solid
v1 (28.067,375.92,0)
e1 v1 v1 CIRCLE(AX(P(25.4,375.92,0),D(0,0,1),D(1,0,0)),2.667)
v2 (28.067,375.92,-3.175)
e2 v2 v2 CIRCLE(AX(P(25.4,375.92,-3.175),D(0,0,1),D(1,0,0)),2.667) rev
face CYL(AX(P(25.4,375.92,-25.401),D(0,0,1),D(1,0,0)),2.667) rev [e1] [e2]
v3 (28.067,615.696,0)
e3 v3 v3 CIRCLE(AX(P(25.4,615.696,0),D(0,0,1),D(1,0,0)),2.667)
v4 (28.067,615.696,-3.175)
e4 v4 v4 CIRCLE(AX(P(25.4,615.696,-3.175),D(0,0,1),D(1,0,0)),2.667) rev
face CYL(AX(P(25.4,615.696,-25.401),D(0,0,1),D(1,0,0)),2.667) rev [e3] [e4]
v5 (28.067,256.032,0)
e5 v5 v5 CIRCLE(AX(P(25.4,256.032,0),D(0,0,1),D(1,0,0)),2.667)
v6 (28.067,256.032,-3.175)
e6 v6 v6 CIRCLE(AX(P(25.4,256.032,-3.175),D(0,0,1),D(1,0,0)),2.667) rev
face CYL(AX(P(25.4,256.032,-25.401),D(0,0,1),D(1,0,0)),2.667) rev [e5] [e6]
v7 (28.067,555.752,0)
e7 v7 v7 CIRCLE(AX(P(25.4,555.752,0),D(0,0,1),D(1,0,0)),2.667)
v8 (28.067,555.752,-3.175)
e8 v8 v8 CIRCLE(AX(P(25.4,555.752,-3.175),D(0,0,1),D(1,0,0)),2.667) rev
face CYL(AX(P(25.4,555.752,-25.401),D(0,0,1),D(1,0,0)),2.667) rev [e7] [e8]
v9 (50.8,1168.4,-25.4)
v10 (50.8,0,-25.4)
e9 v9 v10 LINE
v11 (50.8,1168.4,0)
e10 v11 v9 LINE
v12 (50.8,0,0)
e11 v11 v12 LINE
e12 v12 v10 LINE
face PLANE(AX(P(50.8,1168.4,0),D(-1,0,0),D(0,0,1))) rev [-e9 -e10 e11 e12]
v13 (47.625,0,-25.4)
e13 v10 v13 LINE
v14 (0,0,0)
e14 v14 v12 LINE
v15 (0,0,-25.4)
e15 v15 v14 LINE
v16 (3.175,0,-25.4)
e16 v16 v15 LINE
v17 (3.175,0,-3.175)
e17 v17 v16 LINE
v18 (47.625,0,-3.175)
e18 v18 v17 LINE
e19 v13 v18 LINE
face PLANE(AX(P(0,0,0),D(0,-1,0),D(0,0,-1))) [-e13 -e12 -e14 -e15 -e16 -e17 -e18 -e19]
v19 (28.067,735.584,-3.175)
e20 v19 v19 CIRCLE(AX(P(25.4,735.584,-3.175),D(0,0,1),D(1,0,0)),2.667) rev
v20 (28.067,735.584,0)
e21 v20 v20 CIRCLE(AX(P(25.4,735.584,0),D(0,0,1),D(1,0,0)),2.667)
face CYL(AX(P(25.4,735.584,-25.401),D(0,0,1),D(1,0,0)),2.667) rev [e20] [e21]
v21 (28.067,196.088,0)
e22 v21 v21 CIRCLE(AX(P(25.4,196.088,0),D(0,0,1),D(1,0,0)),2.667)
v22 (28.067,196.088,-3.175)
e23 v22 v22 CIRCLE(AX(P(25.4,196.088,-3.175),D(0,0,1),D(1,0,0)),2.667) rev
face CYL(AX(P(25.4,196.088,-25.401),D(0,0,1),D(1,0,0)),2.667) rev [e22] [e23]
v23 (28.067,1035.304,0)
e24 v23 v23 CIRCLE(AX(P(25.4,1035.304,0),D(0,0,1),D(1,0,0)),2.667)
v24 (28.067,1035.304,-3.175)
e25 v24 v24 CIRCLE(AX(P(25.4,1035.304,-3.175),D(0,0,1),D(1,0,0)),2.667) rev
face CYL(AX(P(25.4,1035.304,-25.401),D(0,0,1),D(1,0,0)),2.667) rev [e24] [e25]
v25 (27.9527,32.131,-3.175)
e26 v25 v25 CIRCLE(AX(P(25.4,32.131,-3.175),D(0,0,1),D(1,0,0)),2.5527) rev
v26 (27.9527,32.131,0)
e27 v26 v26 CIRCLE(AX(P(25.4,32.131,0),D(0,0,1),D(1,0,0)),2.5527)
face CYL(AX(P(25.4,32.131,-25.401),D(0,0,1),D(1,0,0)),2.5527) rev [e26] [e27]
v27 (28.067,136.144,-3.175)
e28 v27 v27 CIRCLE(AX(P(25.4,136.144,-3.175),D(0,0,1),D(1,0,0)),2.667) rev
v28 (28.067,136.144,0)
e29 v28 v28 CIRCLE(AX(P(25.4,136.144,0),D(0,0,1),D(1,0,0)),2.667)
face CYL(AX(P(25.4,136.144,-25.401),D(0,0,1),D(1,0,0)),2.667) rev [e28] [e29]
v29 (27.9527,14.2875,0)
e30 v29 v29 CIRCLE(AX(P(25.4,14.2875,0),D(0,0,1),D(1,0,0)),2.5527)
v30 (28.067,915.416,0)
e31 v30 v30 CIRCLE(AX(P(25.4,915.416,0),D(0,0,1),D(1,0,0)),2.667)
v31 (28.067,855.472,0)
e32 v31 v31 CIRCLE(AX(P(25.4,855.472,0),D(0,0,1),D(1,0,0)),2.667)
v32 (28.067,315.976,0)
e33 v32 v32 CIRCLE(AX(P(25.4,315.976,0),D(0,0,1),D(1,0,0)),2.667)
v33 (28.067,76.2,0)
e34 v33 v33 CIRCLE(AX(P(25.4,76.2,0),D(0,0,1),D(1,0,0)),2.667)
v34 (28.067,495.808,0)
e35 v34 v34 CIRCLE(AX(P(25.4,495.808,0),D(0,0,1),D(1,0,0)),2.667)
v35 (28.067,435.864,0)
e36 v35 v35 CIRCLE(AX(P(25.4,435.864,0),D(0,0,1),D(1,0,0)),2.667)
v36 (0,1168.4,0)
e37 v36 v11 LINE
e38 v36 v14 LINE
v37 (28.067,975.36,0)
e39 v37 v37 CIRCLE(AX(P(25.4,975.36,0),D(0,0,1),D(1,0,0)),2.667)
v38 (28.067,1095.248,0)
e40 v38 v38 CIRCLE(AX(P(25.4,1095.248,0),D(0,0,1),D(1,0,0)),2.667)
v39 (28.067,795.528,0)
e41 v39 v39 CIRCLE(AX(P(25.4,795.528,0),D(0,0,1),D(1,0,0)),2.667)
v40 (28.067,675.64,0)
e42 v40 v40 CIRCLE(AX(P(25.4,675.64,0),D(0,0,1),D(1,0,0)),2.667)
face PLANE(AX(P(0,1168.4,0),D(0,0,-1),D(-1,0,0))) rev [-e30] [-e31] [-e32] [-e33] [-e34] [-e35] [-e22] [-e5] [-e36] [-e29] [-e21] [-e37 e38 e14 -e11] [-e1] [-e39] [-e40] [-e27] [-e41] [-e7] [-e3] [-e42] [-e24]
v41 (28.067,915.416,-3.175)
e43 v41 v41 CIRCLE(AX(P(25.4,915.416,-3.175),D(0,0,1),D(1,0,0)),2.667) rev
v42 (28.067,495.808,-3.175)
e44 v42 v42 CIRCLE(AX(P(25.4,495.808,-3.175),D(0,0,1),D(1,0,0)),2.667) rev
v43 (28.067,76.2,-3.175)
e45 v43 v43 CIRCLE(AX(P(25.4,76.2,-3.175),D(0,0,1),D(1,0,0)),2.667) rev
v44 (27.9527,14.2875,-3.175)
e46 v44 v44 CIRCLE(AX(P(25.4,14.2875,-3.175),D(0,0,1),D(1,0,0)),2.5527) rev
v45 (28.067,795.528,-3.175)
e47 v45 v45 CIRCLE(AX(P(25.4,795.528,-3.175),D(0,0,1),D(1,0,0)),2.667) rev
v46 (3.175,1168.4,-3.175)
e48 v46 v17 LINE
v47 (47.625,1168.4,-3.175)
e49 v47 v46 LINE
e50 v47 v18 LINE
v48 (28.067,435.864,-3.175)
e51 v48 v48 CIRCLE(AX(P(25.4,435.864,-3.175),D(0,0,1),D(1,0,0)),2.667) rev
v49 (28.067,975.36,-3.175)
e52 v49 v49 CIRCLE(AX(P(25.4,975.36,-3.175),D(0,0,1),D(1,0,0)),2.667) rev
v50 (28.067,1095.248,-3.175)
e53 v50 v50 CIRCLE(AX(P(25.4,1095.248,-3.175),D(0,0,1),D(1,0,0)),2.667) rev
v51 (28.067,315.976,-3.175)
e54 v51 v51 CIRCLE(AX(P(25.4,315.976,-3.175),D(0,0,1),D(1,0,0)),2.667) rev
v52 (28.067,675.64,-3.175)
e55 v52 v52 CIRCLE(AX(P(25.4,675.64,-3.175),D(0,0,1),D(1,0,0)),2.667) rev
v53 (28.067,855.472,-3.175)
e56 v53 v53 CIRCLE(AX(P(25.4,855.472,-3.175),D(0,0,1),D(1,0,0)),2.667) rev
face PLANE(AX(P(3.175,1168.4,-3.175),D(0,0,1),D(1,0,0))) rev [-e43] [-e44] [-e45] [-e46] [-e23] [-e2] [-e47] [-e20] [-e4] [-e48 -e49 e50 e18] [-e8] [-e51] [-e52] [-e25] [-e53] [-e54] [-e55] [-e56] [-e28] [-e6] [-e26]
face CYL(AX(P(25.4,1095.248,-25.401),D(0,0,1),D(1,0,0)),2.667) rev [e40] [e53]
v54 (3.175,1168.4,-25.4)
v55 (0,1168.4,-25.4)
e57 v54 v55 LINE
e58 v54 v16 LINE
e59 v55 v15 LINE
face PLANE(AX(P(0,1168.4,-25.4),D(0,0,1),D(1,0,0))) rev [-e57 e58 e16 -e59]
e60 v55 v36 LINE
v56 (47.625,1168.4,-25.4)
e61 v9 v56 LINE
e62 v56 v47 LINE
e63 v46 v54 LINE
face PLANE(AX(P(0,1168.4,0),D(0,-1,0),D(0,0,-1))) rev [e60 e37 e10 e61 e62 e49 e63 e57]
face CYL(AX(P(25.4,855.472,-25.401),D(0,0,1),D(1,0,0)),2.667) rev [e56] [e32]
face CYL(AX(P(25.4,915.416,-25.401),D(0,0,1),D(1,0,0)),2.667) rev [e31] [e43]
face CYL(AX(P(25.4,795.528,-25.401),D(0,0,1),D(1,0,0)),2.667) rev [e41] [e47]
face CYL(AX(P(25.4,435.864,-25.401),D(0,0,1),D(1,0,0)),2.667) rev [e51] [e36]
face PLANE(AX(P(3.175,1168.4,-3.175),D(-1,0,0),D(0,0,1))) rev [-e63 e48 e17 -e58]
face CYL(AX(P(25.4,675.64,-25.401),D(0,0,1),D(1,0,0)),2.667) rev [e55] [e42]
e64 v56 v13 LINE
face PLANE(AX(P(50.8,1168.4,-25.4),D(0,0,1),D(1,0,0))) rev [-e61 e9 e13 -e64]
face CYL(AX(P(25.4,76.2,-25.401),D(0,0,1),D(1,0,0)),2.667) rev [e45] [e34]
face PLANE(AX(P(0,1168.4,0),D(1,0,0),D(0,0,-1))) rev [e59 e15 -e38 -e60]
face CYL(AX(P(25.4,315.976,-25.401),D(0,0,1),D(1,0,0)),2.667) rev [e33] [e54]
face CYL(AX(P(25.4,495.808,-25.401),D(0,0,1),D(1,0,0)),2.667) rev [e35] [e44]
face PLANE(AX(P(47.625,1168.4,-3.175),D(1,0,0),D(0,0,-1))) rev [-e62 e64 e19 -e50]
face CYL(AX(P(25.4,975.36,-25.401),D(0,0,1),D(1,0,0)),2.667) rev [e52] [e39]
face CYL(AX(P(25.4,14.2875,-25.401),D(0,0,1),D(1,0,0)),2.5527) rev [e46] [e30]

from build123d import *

# Parameters (mm, degrees)
BOSS_EXTRUDE1_DEPTH = 1168.4
CUT_EXTRUDE1_REACH  = 27.4
SKETCH2_R           = 2.667
CUT_EXTRUDE2_REACH  = 27.4
SKETCH3_R           = 2.5527


with BuildPart() as part:
    # Sketch1 → Boss-Extrude1 (new body)
    with BuildSketch(Plane(origin=(0, 0, 0), x_dir=(1, 0, 0), z_dir=(0, 1, 0))):
        Polygon((3.175, 3.175), (3.175, 25.4), (0, 25.4), (0, 0), (50.8, 0), (50.8, 25.4), (47.625, 25.4), (47.625, 3.175), align=None)
    extrude(amount=BOSS_EXTRUDE1_DEPTH)

    # Sketch2 → Cut-Extrude1 (cut, up to next)
    with BuildSketch(Plane.XY, mode=Mode.PRIVATE) as cut_extrude1_sk1:
        with Locations((25.4, 76.2)):
            Circle(SKETCH2_R)
    cut_extrude1_tool1 = extrude(cut_extrude1_sk1.sketch, amount=-CUT_EXTRUDE1_REACH, mode=Mode.PRIVATE) & part.part
    add(cut_extrude1_tool1.solids().sort_by_distance((25.4, 76.2, 0))[0], mode=Mode.SUBTRACT)
    # Sketch2 → Cut-Extrude1 (cut, up to next)
    with BuildSketch(Plane.XY, mode=Mode.PRIVATE) as cut_extrude1_sk2:
        with Locations((25.4, 136.144)):
            Circle(SKETCH2_R)
    cut_extrude1_tool2 = extrude(cut_extrude1_sk2.sketch, amount=-CUT_EXTRUDE1_REACH, mode=Mode.PRIVATE) & part.part
    add(cut_extrude1_tool2.solids().sort_by_distance((25.4, 136.144, 0))[0], mode=Mode.SUBTRACT)
    # Sketch2 → Cut-Extrude1 (cut, up to next)
    with BuildSketch(Plane.XY, mode=Mode.PRIVATE) as cut_extrude1_sk3:
        with Locations((25.4, 196.088)):
            Circle(SKETCH2_R)
    cut_extrude1_tool3 = extrude(cut_extrude1_sk3.sketch, amount=-CUT_EXTRUDE1_REACH, mode=Mode.PRIVATE) & part.part
    add(cut_extrude1_tool3.solids().sort_by_distance((25.4, 196.088, 0))[0], mode=Mode.SUBTRACT)
    # Sketch2 → Cut-Extrude1 (cut, up to next)
    with BuildSketch(Plane.XY, mode=Mode.PRIVATE) as cut_extrude1_sk4:
        with Locations((25.4, 256.032)):
            Circle(SKETCH2_R)
    cut_extrude1_tool4 = extrude(cut_extrude1_sk4.sketch, amount=-CUT_EXTRUDE1_REACH, mode=Mode.PRIVATE) & part.part
    add(cut_extrude1_tool4.solids().sort_by_distance((25.4, 256.032, 0))[0], mode=Mode.SUBTRACT)
    # Sketch2 → Cut-Extrude1 (cut, up to next)
    with BuildSketch(Plane.XY, mode=Mode.PRIVATE) as cut_extrude1_sk5:
        with Locations((25.4, 315.976)):
            Circle(SKETCH2_R)
    cut_extrude1_tool5 = extrude(cut_extrude1_sk5.sketch, amount=-CUT_EXTRUDE1_REACH, mode=Mode.PRIVATE) & part.part
    add(cut_extrude1_tool5.solids().sort_by_distance((25.4, 315.976, 0))[0], mode=Mode.SUBTRACT)
    # Sketch2 → Cut-Extrude1 (cut, up to next)
    with BuildSketch(Plane.XY, mode=Mode.PRIVATE) as cut_extrude1_sk6:
        with Locations((25.4, 375.92)):
            Circle(SKETCH2_R)
    cut_extrude1_tool6 = extrude(cut_extrude1_sk6.sketch, amount=-CUT_EXTRUDE1_REACH, mode=Mode.PRIVATE) & part.part
    add(cut_extrude1_tool6.solids().sort_by_distance((25.4, 375.92, 0))[0], mode=Mode.SUBTRACT)
    # Sketch2 → Cut-Extrude1 (cut, up to next)
    with BuildSketch(Plane.XY, mode=Mode.PRIVATE) as cut_extrude1_sk7:
        with Locations((25.4, 435.864)):
            Circle(SKETCH2_R)
    cut_extrude1_tool7 = extrude(cut_extrude1_sk7.sketch, amount=-CUT_EXTRUDE1_REACH, mode=Mode.PRIVATE) & part.part
    add(cut_extrude1_tool7.solids().sort_by_distance((25.4, 435.864, 0))[0], mode=Mode.SUBTRACT)
    # Sketch2 → Cut-Extrude1 (cut, up to next)
    with BuildSketch(Plane.XY, mode=Mode.PRIVATE) as cut_extrude1_sk8:
        with Locations((25.4, 495.808)):
            Circle(SKETCH2_R)
    cut_extrude1_tool8 = extrude(cut_extrude1_sk8.sketch, amount=-CUT_EXTRUDE1_REACH, mode=Mode.PRIVATE) & part.part
    add(cut_extrude1_tool8.solids().sort_by_distance((25.4, 495.808, 0))[0], mode=Mode.SUBTRACT)
    # Sketch2 → Cut-Extrude1 (cut, up to next)
    with BuildSketch(Plane.XY, mode=Mode.PRIVATE) as cut_extrude1_sk9:
        with Locations((25.4, 555.752)):
            Circle(SKETCH2_R)
    cut_extrude1_tool9 = extrude(cut_extrude1_sk9.sketch, amount=-CUT_EXTRUDE1_REACH, mode=Mode.PRIVATE) & part.part
    add(cut_extrude1_tool9.solids().sort_by_distance((25.4, 555.752, 0))[0], mode=Mode.SUBTRACT)
    # Sketch2 → Cut-Extrude1 (cut, up to next)
    with BuildSketch(Plane.XY, mode=Mode.PRIVATE) as cut_extrude1_sk10:
        with Locations((25.4, 615.696)):
            Circle(SKETCH2_R)
    cut_extrude1_tool10 = extrude(cut_extrude1_sk10.sketch, amount=-CUT_EXTRUDE1_REACH, mode=Mode.PRIVATE) & part.part
    add(cut_extrude1_tool10.solids().sort_by_distance((25.4, 615.696, 0))[0], mode=Mode.SUBTRACT)
    # Sketch2 → Cut-Extrude1 (cut, up to next)
    with BuildSketch(Plane.XY, mode=Mode.PRIVATE) as cut_extrude1_sk11:
        with Locations((25.4, 675.64)):
            Circle(SKETCH2_R)
    cut_extrude1_tool11 = extrude(cut_extrude1_sk11.sketch, amount=-CUT_EXTRUDE1_REACH, mode=Mode.PRIVATE) & part.part
    add(cut_extrude1_tool11.solids().sort_by_distance((25.4, 675.64, 0))[0], mode=Mode.SUBTRACT)
    # Sketch2 → Cut-Extrude1 (cut, up to next)
    with BuildSketch(Plane.XY, mode=Mode.PRIVATE) as cut_extrude1_sk12:
        with Locations((25.4, 735.584)):
            Circle(SKETCH2_R)
    cut_extrude1_tool12 = extrude(cut_extrude1_sk12.sketch, amount=-CUT_EXTRUDE1_REACH, mode=Mode.PRIVATE) & part.part
    add(cut_extrude1_tool12.solids().sort_by_distance((25.4, 735.584, 0))[0], mode=Mode.SUBTRACT)
    # Sketch2 → Cut-Extrude1 (cut, up to next)
    with BuildSketch(Plane.XY, mode=Mode.PRIVATE) as cut_extrude1_sk13:
        with Locations((25.4, 795.528)):
            Circle(SKETCH2_R)
    cut_extrude1_tool13 = extrude(cut_extrude1_sk13.sketch, amount=-CUT_EXTRUDE1_REACH, mode=Mode.PRIVATE) & part.part
    add(cut_extrude1_tool13.solids().sort_by_distance((25.4, 795.528, 0))[0], mode=Mode.SUBTRACT)
    # Sketch2 → Cut-Extrude1 (cut, up to next)
    with BuildSketch(Plane.XY, mode=Mode.PRIVATE) as cut_extrude1_sk14:
        with Locations((25.4, 855.472)):
            Circle(SKETCH2_R)
    cut_extrude1_tool14 = extrude(cut_extrude1_sk14.sketch, amount=-CUT_EXTRUDE1_REACH, mode=Mode.PRIVATE) & part.part
    add(cut_extrude1_tool14.solids().sort_by_distance((25.4, 855.472, 0))[0], mode=Mode.SUBTRACT)
    # Sketch2 → Cut-Extrude1 (cut, up to next)
    with BuildSketch(Plane.XY, mode=Mode.PRIVATE) as cut_extrude1_sk15:
        with Locations((25.4, 915.416)):
            Circle(SKETCH2_R)
    cut_extrude1_tool15 = extrude(cut_extrude1_sk15.sketch, amount=-CUT_EXTRUDE1_REACH, mode=Mode.PRIVATE) & part.part
    add(cut_extrude1_tool15.solids().sort_by_distance((25.4, 915.416, 0))[0], mode=Mode.SUBTRACT)
    # Sketch2 → Cut-Extrude1 (cut, up to next)
    with BuildSketch(Plane.XY, mode=Mode.PRIVATE) as cut_extrude1_sk16:
        with Locations((25.4, 975.36)):
            Circle(SKETCH2_R)
    cut_extrude1_tool16 = extrude(cut_extrude1_sk16.sketch, amount=-CUT_EXTRUDE1_REACH, mode=Mode.PRIVATE) & part.part
    add(cut_extrude1_tool16.solids().sort_by_distance((25.4, 975.36, 0))[0], mode=Mode.SUBTRACT)
    # Sketch2 → Cut-Extrude1 (cut, up to next)
    with BuildSketch(Plane.XY, mode=Mode.PRIVATE) as cut_extrude1_sk17:
        with Locations((25.4, 1035.304)):
            Circle(SKETCH2_R)
    cut_extrude1_tool17 = extrude(cut_extrude1_sk17.sketch, amount=-CUT_EXTRUDE1_REACH, mode=Mode.PRIVATE) & part.part
    add(cut_extrude1_tool17.solids().sort_by_distance((25.4, 1035.304, 0))[0], mode=Mode.SUBTRACT)
    # Sketch2 → Cut-Extrude1 (cut, up to next)
    with BuildSketch(Plane.XY, mode=Mode.PRIVATE) as cut_extrude1_sk18:
        with Locations((25.4, 1095.248)):
            Circle(SKETCH2_R)
    cut_extrude1_tool18 = extrude(cut_extrude1_sk18.sketch, amount=-CUT_EXTRUDE1_REACH, mode=Mode.PRIVATE) & part.part
    add(cut_extrude1_tool18.solids().sort_by_distance((25.4, 1095.248, 0))[0], mode=Mode.SUBTRACT)

    # Sketch3 → Cut-Extrude2 (cut, up to next)
    with BuildSketch(Plane.XY, mode=Mode.PRIVATE) as cut_extrude2_sk1:
        with Locations((25.4, 32.131)):
            Circle(SKETCH3_R)
    cut_extrude2_tool1 = extrude(cut_extrude2_sk1.sketch, amount=-CUT_EXTRUDE2_REACH, mode=Mode.PRIVATE) & part.part
    add(cut_extrude2_tool1.solids().sort_by_distance((25.4, 32.131, 0))[0], mode=Mode.SUBTRACT)
    # Sketch3 → Cut-Extrude2 (cut, up to next)
    with BuildSketch(Plane.XY, mode=Mode.PRIVATE) as cut_extrude2_sk2:
        with Locations((25.4, 14.2875)):
            Circle(SKETCH3_R)
    cut_extrude2_tool2 = extrude(cut_extrude2_sk2.sketch, amount=-CUT_EXTRUDE2_REACH, mode=Mode.PRIVATE) & part.part
    add(cut_extrude2_tool2.solids().sort_by_distance((25.4, 14.2875, 0))[0], mode=Mode.SUBTRACT)


solid = part.part
